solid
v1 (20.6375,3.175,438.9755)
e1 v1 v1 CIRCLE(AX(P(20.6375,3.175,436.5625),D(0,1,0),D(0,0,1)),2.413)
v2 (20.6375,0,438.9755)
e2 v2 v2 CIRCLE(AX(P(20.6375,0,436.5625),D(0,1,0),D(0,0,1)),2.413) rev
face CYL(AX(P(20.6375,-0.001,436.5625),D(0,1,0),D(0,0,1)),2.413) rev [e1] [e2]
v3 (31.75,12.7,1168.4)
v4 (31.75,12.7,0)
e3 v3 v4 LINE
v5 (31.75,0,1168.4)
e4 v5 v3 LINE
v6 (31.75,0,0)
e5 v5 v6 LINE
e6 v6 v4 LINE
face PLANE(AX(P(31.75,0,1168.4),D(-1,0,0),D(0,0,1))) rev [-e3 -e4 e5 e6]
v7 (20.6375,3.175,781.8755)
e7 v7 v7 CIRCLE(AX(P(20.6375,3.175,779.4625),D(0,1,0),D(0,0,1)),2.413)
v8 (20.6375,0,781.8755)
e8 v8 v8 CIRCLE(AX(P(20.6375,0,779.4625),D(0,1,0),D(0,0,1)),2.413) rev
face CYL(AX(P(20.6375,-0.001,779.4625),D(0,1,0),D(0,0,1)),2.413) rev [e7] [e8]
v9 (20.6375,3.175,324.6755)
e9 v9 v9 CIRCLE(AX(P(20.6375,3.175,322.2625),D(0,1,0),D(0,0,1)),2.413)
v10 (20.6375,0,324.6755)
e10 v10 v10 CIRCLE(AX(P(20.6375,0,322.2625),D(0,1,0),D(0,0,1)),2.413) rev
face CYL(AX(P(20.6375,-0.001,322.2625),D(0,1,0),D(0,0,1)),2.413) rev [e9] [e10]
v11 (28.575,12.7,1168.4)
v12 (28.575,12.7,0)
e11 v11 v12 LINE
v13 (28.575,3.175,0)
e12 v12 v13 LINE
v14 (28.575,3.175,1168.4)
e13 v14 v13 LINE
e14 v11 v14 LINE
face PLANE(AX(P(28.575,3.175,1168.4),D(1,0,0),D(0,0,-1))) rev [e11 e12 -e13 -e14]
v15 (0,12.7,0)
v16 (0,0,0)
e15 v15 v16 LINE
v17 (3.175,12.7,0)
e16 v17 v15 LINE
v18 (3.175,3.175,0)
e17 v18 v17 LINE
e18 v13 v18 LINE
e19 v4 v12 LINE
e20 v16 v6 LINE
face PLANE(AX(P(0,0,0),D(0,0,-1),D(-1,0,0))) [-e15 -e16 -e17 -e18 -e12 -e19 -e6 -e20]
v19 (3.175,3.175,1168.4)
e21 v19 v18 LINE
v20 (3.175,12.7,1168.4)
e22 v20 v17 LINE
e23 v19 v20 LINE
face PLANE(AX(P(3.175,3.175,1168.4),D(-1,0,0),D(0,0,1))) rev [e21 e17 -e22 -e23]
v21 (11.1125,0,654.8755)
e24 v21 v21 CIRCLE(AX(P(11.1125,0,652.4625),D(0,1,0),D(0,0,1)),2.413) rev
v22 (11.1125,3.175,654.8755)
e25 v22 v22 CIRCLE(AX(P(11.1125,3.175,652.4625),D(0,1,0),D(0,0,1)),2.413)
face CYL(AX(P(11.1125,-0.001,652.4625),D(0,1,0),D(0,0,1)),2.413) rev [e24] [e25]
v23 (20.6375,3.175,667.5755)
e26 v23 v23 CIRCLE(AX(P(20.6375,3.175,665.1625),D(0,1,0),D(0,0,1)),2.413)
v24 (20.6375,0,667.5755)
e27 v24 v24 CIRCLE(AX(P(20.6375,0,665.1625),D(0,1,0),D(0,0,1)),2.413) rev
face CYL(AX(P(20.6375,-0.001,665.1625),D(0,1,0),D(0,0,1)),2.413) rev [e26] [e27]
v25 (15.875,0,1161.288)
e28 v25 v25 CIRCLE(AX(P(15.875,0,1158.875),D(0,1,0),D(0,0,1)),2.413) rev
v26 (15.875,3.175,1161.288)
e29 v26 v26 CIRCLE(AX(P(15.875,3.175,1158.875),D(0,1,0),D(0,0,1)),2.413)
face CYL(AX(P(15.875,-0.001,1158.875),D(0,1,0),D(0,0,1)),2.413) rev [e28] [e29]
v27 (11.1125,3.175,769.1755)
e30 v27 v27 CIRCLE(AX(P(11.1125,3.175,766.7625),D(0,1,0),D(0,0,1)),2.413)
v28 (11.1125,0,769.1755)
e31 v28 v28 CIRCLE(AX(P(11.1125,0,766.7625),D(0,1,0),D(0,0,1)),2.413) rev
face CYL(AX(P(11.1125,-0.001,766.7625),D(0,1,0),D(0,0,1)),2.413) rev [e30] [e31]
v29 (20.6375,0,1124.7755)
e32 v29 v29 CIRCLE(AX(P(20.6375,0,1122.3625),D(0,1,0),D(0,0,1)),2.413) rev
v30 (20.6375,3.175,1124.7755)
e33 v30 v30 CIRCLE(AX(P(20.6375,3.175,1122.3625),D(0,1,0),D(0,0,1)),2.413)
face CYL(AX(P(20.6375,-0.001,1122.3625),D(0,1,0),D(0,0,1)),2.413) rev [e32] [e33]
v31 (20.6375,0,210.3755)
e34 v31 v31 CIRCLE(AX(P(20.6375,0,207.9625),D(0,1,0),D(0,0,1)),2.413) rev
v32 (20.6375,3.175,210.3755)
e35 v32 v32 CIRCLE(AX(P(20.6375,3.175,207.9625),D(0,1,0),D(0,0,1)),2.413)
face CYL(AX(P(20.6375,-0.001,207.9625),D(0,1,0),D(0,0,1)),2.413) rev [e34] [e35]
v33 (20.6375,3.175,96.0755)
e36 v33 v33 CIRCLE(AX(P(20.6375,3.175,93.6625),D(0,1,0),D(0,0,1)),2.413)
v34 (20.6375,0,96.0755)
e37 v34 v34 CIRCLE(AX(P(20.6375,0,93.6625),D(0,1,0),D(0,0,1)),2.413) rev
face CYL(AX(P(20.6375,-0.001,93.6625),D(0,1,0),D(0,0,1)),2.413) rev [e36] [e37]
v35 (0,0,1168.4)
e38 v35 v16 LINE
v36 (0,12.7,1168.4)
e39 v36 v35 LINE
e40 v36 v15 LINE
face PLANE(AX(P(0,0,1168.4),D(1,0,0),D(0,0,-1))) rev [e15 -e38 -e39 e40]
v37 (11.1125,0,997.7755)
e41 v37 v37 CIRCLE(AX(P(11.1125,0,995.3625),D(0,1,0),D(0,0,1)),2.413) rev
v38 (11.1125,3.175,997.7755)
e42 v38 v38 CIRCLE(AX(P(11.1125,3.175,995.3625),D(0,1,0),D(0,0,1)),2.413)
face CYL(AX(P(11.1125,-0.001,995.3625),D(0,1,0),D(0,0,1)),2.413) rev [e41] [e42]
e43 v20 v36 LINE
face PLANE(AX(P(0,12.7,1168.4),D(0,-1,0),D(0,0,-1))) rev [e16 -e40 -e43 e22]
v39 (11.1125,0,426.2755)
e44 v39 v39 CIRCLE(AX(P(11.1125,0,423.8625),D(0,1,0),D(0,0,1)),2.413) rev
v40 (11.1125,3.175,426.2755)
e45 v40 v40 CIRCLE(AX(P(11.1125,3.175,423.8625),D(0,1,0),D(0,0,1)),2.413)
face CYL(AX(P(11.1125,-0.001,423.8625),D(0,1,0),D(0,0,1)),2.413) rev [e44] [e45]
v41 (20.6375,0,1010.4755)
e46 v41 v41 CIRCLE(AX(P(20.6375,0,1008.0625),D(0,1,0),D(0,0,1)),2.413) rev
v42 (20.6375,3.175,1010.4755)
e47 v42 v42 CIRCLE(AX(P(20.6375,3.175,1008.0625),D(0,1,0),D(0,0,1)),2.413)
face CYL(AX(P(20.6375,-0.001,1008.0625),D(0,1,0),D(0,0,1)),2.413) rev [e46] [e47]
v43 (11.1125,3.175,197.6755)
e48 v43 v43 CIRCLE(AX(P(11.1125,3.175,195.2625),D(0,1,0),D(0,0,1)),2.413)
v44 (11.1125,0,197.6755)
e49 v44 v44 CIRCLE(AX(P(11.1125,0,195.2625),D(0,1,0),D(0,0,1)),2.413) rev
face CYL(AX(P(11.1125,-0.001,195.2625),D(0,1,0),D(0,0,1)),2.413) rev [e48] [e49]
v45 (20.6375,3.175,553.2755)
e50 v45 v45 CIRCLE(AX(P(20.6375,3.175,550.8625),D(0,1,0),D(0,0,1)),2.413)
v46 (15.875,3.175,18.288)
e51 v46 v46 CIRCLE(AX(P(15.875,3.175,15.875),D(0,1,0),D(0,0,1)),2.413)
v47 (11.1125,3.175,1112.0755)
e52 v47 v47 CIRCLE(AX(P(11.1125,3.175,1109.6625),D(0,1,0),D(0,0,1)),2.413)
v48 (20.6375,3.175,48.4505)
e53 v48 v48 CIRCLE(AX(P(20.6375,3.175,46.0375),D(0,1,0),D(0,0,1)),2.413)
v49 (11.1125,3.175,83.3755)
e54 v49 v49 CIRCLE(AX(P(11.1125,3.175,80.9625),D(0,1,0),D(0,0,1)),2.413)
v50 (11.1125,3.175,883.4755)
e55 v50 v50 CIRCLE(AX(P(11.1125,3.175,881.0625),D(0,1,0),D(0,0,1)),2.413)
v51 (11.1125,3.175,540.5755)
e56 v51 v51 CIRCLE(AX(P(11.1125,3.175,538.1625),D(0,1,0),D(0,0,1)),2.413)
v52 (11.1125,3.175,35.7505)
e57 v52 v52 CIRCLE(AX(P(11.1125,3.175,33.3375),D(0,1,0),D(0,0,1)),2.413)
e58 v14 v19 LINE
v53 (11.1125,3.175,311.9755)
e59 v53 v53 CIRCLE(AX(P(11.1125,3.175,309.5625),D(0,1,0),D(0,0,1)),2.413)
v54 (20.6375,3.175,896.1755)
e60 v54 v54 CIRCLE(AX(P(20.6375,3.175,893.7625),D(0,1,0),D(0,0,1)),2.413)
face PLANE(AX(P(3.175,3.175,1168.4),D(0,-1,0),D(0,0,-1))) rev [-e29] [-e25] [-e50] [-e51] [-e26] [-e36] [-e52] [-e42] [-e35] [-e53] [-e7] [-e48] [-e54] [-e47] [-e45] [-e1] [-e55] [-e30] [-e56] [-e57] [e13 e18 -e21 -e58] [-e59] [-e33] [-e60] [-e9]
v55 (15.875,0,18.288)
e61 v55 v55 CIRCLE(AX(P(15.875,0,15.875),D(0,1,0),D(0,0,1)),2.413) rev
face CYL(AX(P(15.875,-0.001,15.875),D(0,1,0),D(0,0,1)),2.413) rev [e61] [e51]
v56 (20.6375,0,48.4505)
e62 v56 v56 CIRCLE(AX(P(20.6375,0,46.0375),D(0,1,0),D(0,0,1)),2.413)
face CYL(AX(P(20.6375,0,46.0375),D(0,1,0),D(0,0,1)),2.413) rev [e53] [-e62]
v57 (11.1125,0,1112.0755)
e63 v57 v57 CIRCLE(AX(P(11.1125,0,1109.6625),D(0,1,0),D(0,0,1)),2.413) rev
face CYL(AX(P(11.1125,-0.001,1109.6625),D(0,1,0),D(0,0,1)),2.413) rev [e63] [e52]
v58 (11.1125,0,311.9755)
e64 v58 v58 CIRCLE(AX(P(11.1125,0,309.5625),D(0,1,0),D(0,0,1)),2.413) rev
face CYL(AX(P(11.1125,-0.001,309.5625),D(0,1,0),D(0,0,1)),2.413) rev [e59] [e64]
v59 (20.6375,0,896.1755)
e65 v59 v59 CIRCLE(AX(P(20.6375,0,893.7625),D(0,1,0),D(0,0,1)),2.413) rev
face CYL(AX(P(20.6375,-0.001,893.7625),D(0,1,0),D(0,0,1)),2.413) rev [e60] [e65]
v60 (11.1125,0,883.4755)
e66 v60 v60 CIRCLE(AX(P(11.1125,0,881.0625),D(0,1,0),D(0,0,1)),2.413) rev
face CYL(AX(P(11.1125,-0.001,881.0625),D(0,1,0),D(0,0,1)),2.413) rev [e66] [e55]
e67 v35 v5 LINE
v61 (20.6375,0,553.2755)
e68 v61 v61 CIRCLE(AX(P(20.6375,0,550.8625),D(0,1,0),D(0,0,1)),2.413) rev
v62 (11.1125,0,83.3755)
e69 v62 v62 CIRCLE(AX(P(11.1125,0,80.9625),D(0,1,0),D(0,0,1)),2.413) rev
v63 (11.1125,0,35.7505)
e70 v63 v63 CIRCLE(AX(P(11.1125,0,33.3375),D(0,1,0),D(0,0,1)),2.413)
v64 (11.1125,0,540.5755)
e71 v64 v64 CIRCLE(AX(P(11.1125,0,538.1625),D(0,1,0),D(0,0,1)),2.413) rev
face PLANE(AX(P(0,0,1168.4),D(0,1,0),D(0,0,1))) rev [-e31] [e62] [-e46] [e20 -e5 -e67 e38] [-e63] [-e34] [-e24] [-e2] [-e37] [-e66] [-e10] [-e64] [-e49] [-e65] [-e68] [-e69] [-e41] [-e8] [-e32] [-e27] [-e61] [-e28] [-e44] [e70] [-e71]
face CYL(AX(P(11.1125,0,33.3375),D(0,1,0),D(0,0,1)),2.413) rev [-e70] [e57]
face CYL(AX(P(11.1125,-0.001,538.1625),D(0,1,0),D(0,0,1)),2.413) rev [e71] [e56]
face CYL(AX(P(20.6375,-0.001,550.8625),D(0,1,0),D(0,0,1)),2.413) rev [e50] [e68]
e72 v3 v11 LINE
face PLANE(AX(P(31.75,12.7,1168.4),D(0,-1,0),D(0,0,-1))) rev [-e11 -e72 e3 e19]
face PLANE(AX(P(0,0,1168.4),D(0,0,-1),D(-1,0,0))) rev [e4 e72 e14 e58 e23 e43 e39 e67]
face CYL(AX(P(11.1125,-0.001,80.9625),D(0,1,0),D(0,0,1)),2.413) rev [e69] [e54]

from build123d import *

# Parameters (mm, degrees)
BOSS_EXTRUDE1_DEPTH = 1168.4
CUT_EXTRUDE1_REACH  = 1170.87
SKETCH3_R           = 2.413
CUT_EXTRUDE2_REACH  = 1170.87
SKETCH4_R           = 2.413
LPATTERN1_COUNT     = 10
LPATTERN1_PITCH     = 114.3
SKETCH5_R           = 2.413
CUT_EXTRUDE3_DEPTH  = 1169.87011602
CUT_EXTRUDE4_REACH  = 1170.87
SKETCH6_R           = 2.413


with BuildPart() as part:
    # Sketch1 → Boss-Extrude1 (new body)
    with BuildSketch(Plane.XY):
        Polygon((3.175, 3.175), (3.175, 12.7), (0, 12.7), (0, 0), (31.75, 0), (31.75, 12.7), (28.575, 12.7), (28.575, 3.175), align=None)
    extrude(amount=BOSS_EXTRUDE1_DEPTH)

    # Sketch3 → Cut-Extrude1 (cut, up to next)
    with BuildSketch(Plane(origin=(0, 3.175, 0), x_dir=(1, 0, 0), z_dir=(0, 1, 0)), mode=Mode.PRIVATE) as cut_extrude1_sk1:
        with Locations(Location((11.1125, -1109.6625, 0), (0, 0, 270))):
            Circle(SKETCH3_R)
    cut_extrude1_tool1 = extrude(cut_extrude1_sk1.sketch, amount=-CUT_EXTRUDE1_REACH, mode=Mode.PRIVATE) & part.part
    # Sketch3 → Cut-Extrude1 (cut, up to next)
    with BuildSketch(Plane(origin=(0, 3.175, 0), x_dir=(1, 0, 0), z_dir=(0, 1, 0)), mode=Mode.PRIVATE) as cut_extrude1_sk2:
        with Locations(Location((20.6375, -1122.3625, 0), (0, 0, 270))):
            Circle(SKETCH3_R)
    cut_extrude1_tool2 = extrude(cut_extrude1_sk2.sketch, amount=-CUT_EXTRUDE1_REACH, mode=Mode.PRIVATE) & part.part
    cut_extrude1_1 = cut_extrude1_tool1.solids().sort_by_distance((11.1125, 3.175, 1109.6625))[0]
    add(cut_extrude1_1, mode=Mode.SUBTRACT)
    cut_extrude1_2 = cut_extrude1_tool2.solids().sort_by_distance((20.6375, 3.175, 1122.3625))[0]
    add(cut_extrude1_2, mode=Mode.SUBTRACT)
    cut_extrude1 = cut_extrude1_1 + cut_extrude1_2  # Cut-Extrude1 as one shape, for the pattern or mirror that repeats it

    # Sketch4 → Cut-Extrude2 (cut, up to next)
    with BuildSketch(Plane(origin=(0, 3.175, 0), x_dir=(1, 0, 0), z_dir=(0, 1, 0)), mode=Mode.PRIVATE) as cut_extrude2_sk1:
        with Locations(Location((15.875, -1158.875, 0), (0, 0, 270))):
            Circle(SKETCH4_R)
    cut_extrude2_tool1 = extrude(cut_extrude2_sk1.sketch, amount=-CUT_EXTRUDE2_REACH, mode=Mode.PRIVATE) & part.part
    add(cut_extrude2_tool1.solids().sort_by_distance((15.875, 3.175, 1158.875))[0], mode=Mode.SUBTRACT)

    # LPattern1: Cut-Extrude1 ×10
    with Locations(*[(0, 0, -i * LPATTERN1_PITCH) for i in range(1, LPATTERN1_COUNT)]):
        add(cut_extrude1, mode=Mode.SUBTRACT)

    # Sketch5 → Cut-Extrude3 (cut, through all)
    with BuildSketch(Plane(origin=(0, 3.175, 0), x_dir=(1, 0, 0), z_dir=(0, 1, 0))):
        with Locations(Location((20.6375, -46.0375, 0), (0, 0, 270))):
            Circle(SKETCH5_R)
        with Locations(Location((11.1125, -33.3375, 0), (0, 0, 270))):
            Circle(SKETCH5_R)
        with Locations((-236.5375, -33.3375)):
            Circle(SKETCH5_R)
        with Locations((-227.0125, -46.0375)):
            Circle(SKETCH5_R)
    extrude(amount=-CUT_EXTRUDE3_DEPTH, mode=Mode.SUBTRACT)

    # Sketch6 → Cut-Extrude4 (cut, up to next)
    with BuildSketch(Plane(origin=(0, 3.175, 0), x_dir=(1, 0, 0), z_dir=(0, 1, 0)), mode=Mode.PRIVATE) as cut_extrude4_sk1:
        with Locations(Location((15.875, -15.875, 0), (0, 0, 270))):
            Circle(SKETCH6_R)
    cut_extrude4_tool1 = extrude(cut_extrude4_sk1.sketch, amount=-CUT_EXTRUDE4_REACH, mode=Mode.PRIVATE) & part.part
    add(cut_extrude4_tool1.solids().sort_by_distance((15.875, 3.175, 15.875))[0], mode=Mode.SUBTRACT)


solid = part.part
